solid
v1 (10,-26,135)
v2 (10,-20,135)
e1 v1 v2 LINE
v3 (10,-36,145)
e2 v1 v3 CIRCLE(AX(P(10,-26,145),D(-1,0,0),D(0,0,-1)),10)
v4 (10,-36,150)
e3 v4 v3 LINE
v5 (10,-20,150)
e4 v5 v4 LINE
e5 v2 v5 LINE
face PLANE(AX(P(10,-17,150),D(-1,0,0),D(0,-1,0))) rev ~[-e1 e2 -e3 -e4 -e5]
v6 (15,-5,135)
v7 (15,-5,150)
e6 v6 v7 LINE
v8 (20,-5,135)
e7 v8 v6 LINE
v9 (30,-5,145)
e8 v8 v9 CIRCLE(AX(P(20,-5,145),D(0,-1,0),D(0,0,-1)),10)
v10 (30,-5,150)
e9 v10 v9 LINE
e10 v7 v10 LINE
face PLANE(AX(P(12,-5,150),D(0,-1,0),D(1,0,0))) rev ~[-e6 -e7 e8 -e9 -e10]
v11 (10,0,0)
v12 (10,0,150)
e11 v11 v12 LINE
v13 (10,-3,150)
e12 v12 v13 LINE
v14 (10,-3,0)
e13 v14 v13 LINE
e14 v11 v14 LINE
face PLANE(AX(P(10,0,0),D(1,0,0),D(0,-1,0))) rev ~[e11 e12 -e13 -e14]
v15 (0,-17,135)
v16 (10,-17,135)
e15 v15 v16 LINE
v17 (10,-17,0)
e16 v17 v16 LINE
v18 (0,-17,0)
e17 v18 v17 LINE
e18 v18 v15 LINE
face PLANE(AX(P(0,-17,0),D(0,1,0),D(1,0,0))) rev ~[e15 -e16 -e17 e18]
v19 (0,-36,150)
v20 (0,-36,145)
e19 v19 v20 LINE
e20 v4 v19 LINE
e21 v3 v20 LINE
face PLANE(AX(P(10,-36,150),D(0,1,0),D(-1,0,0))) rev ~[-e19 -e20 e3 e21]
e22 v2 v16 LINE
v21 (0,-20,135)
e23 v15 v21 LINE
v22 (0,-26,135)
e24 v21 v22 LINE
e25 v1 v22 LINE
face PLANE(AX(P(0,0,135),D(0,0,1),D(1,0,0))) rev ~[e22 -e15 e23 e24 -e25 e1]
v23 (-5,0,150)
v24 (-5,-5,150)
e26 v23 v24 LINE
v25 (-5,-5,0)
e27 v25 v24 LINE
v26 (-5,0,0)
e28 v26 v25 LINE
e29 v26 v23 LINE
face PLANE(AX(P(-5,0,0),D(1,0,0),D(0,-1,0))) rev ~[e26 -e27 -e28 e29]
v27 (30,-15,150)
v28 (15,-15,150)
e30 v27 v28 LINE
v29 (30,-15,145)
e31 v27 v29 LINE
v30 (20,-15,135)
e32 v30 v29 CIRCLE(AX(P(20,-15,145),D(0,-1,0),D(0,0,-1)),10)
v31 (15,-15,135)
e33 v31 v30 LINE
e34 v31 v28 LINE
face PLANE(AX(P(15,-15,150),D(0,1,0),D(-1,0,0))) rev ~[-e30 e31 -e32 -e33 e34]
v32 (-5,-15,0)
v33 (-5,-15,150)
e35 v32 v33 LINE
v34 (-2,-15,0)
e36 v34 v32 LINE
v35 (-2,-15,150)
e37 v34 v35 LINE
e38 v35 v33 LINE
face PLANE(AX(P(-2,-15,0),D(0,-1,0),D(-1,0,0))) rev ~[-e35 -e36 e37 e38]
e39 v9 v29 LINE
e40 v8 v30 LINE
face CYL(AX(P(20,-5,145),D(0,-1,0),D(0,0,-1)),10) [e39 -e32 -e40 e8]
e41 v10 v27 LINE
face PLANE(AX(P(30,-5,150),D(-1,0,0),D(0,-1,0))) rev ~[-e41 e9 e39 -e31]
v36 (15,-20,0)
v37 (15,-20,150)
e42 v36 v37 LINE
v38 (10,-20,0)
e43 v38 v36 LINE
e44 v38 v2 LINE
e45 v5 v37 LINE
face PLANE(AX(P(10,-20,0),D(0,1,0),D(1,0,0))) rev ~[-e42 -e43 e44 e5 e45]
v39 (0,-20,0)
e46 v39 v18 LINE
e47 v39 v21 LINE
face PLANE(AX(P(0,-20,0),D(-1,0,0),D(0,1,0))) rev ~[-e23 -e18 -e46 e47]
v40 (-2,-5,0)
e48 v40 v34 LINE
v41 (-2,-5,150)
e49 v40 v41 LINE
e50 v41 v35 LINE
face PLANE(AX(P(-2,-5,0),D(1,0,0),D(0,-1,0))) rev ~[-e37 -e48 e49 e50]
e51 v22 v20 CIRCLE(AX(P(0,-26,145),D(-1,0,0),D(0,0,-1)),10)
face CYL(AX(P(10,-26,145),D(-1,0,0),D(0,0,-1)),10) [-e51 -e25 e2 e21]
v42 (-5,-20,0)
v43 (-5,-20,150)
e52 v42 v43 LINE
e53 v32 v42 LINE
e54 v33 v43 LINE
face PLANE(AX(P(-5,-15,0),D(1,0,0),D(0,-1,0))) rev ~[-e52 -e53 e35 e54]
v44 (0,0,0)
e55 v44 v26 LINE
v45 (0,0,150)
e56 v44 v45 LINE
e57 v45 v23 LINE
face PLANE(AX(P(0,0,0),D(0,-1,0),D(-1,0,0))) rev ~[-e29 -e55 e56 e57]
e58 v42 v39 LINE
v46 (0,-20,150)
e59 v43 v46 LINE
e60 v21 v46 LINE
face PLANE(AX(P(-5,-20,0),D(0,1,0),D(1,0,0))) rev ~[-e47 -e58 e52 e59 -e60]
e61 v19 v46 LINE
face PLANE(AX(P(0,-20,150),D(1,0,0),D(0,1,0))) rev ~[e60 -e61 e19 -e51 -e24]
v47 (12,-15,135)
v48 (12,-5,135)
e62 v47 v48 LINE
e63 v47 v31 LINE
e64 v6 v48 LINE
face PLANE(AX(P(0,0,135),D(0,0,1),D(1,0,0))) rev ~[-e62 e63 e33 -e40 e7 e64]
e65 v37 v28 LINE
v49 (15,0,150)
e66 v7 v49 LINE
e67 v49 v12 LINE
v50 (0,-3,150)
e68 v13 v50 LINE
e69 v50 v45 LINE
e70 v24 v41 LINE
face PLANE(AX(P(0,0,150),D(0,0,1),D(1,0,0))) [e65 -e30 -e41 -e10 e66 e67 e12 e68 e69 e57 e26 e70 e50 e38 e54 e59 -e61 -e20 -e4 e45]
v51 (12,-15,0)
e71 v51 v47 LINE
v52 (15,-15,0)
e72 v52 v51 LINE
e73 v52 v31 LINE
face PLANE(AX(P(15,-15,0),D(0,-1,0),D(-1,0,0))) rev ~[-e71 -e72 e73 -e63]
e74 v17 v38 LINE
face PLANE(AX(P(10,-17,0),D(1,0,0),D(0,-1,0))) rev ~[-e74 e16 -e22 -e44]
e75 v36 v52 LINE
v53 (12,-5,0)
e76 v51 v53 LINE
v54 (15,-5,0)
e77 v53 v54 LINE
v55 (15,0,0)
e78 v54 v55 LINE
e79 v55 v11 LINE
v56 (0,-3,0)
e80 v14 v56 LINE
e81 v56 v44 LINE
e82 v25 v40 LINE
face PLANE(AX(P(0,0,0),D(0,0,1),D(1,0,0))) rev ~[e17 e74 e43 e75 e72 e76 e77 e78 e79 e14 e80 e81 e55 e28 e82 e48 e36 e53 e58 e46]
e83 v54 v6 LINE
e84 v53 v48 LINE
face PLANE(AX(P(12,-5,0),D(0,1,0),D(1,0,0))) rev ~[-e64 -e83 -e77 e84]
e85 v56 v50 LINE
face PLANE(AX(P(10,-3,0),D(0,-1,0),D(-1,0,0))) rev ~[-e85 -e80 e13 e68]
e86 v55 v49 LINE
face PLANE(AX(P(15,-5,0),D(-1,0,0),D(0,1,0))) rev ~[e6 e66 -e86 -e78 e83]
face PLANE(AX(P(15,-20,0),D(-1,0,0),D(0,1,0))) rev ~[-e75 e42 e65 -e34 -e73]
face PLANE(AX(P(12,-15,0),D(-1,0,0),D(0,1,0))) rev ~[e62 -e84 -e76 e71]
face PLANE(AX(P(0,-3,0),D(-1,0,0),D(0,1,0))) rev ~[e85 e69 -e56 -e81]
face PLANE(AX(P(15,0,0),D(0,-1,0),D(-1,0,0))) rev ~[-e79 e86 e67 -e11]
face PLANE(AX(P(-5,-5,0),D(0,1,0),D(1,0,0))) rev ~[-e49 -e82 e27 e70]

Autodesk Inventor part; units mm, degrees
ref_plane "YZ Plane" through (0, 0, 0) normal (1, 0, 0) x (0, 1, 0)
ref_plane "XZ Plane" through (0, 0, 0) normal (0, 1, 0) x (-1, 0, 0)
ref_plane "XY Plane" through (0, 0, 0) normal (0, 0, 1) x (1, 0, 0)
sketch "Esboço1" plane through (0, 0, 0) normal (0, 0, 1) x (1, 0, 0)
  line L0 (0, 0) -> (-5, 0)
  line L1 (-5, 0) -> (-5, -5)
  line L2 (-5, -5) -> (-2, -5)
  line L3 (-2, -5) -> (-2, -15)
  line L4 (-2, -15) -> (-5, -15)
  line L5 (-5, -15) -> (-5, -20)
  line L6 (-5, -20) -> (0, -20)
  line L7 (0, -20) -> (0, -17)
  line L8 (0, -17) -> (10, -17)
  line L9 (10, -17) -> (10, -20)
  line L10 (10, -20) -> (15, -20)
  line L11 (15, -20) -> (15, -15)
  line L12 (15, -15) -> (12, -15)
  line L13 (12, -15) -> (12, -5)
  line L14 (12, -5) -> (15, -5)
  line L15 (15, -5) -> (15, 0)
  line L16 (15, 0) -> (10, 0)
  line L17 (10, 0) -> (10, -3)
  line L18 (10, -3) -> (0, -3)
  line L19 (0, -3) -> (0, 0)
  dimension "d4" = 5
  dimension "d5" = 5
  dimension "d6" = 3
  dimension "d7" = 10
  dimension "d8" = 3
  dimension "d9" = 5
  dimension "d10" = 5
  dimension "d11" = 3
  dimension "d12" = 10
  dimension "d13" = 5
  dimension "d14" = 5
  dimension "d15" = 3
  dimension "d16" = 10
  dimension "d17" = 3
  dimension "d18" = 5
  dimension "d19" = 3
  dimension "d20" = 10
extrude "Extrusão1" add sketch "Esboço1" along normal blind 150
sketch "Esboço5" plane through (0, 0, 150) normal (0, 0, 1) x (1, 0, 0)
  line L0 (12, -15) -> (12, -5) projected
  line L1 (15, -15) -> (12, -15) projected
  line L2 (12, -5) -> (15, -5)
  line L3 (15, -5) -> (15, -15)
  line L4 (15, -15) -> (12, -15)
  line L5 (12, -15) -> (12, -5)
  line L6 (0, -17) -> (10, -17) projected
  line L7 (0, -17) -> (10, -17)
  line L8 (10, -17) -> (10, -20)
  line L9 (10, -20) -> (0, -20)
  line L10 (0, -20) -> (0, -17)
  line L11 (12, -5) -> (15, -5) projected
  line L12 (15, -5) -> (25, -5)
  line L13 (25, -5) -> (25, -15)
  line L14 (25, -15) -> (15, -15)
  line L15 (15, -15) -> (15, -5)
  line L16 (0, -20) -> (0, -17) projected
  line L17 (0, -20) -> (10, -20)
  line L18 (10, -20) -> (10, -31)
  line L19 (10, -31) -> (0, -31)
  line L20 (0, -31) -> (0, -20)
  line L21 (0, -31) -> (10, -31)
  line L22 (10, -31) -> (10, -36)
  line L23 (10, -36) -> (0, -36)
  line L24 (0, -36) -> (0, -31)
  line L25 (25, -5) -> (30, -5)
  line L26 (30, -5) -> (30, -15)
  line L27 (30, -15) -> (25, -15)
  line L28 (25, -15) -> (25, -5)
  point P0 (0, 0)
extrude "Extrusão2" add sketch "Esboço5" against normal blind 15
fillet "Arredondamento1" radius 10 2 edges at (30, -10, 135) (5, -36, 135)
properties part number "viga de suporte"
